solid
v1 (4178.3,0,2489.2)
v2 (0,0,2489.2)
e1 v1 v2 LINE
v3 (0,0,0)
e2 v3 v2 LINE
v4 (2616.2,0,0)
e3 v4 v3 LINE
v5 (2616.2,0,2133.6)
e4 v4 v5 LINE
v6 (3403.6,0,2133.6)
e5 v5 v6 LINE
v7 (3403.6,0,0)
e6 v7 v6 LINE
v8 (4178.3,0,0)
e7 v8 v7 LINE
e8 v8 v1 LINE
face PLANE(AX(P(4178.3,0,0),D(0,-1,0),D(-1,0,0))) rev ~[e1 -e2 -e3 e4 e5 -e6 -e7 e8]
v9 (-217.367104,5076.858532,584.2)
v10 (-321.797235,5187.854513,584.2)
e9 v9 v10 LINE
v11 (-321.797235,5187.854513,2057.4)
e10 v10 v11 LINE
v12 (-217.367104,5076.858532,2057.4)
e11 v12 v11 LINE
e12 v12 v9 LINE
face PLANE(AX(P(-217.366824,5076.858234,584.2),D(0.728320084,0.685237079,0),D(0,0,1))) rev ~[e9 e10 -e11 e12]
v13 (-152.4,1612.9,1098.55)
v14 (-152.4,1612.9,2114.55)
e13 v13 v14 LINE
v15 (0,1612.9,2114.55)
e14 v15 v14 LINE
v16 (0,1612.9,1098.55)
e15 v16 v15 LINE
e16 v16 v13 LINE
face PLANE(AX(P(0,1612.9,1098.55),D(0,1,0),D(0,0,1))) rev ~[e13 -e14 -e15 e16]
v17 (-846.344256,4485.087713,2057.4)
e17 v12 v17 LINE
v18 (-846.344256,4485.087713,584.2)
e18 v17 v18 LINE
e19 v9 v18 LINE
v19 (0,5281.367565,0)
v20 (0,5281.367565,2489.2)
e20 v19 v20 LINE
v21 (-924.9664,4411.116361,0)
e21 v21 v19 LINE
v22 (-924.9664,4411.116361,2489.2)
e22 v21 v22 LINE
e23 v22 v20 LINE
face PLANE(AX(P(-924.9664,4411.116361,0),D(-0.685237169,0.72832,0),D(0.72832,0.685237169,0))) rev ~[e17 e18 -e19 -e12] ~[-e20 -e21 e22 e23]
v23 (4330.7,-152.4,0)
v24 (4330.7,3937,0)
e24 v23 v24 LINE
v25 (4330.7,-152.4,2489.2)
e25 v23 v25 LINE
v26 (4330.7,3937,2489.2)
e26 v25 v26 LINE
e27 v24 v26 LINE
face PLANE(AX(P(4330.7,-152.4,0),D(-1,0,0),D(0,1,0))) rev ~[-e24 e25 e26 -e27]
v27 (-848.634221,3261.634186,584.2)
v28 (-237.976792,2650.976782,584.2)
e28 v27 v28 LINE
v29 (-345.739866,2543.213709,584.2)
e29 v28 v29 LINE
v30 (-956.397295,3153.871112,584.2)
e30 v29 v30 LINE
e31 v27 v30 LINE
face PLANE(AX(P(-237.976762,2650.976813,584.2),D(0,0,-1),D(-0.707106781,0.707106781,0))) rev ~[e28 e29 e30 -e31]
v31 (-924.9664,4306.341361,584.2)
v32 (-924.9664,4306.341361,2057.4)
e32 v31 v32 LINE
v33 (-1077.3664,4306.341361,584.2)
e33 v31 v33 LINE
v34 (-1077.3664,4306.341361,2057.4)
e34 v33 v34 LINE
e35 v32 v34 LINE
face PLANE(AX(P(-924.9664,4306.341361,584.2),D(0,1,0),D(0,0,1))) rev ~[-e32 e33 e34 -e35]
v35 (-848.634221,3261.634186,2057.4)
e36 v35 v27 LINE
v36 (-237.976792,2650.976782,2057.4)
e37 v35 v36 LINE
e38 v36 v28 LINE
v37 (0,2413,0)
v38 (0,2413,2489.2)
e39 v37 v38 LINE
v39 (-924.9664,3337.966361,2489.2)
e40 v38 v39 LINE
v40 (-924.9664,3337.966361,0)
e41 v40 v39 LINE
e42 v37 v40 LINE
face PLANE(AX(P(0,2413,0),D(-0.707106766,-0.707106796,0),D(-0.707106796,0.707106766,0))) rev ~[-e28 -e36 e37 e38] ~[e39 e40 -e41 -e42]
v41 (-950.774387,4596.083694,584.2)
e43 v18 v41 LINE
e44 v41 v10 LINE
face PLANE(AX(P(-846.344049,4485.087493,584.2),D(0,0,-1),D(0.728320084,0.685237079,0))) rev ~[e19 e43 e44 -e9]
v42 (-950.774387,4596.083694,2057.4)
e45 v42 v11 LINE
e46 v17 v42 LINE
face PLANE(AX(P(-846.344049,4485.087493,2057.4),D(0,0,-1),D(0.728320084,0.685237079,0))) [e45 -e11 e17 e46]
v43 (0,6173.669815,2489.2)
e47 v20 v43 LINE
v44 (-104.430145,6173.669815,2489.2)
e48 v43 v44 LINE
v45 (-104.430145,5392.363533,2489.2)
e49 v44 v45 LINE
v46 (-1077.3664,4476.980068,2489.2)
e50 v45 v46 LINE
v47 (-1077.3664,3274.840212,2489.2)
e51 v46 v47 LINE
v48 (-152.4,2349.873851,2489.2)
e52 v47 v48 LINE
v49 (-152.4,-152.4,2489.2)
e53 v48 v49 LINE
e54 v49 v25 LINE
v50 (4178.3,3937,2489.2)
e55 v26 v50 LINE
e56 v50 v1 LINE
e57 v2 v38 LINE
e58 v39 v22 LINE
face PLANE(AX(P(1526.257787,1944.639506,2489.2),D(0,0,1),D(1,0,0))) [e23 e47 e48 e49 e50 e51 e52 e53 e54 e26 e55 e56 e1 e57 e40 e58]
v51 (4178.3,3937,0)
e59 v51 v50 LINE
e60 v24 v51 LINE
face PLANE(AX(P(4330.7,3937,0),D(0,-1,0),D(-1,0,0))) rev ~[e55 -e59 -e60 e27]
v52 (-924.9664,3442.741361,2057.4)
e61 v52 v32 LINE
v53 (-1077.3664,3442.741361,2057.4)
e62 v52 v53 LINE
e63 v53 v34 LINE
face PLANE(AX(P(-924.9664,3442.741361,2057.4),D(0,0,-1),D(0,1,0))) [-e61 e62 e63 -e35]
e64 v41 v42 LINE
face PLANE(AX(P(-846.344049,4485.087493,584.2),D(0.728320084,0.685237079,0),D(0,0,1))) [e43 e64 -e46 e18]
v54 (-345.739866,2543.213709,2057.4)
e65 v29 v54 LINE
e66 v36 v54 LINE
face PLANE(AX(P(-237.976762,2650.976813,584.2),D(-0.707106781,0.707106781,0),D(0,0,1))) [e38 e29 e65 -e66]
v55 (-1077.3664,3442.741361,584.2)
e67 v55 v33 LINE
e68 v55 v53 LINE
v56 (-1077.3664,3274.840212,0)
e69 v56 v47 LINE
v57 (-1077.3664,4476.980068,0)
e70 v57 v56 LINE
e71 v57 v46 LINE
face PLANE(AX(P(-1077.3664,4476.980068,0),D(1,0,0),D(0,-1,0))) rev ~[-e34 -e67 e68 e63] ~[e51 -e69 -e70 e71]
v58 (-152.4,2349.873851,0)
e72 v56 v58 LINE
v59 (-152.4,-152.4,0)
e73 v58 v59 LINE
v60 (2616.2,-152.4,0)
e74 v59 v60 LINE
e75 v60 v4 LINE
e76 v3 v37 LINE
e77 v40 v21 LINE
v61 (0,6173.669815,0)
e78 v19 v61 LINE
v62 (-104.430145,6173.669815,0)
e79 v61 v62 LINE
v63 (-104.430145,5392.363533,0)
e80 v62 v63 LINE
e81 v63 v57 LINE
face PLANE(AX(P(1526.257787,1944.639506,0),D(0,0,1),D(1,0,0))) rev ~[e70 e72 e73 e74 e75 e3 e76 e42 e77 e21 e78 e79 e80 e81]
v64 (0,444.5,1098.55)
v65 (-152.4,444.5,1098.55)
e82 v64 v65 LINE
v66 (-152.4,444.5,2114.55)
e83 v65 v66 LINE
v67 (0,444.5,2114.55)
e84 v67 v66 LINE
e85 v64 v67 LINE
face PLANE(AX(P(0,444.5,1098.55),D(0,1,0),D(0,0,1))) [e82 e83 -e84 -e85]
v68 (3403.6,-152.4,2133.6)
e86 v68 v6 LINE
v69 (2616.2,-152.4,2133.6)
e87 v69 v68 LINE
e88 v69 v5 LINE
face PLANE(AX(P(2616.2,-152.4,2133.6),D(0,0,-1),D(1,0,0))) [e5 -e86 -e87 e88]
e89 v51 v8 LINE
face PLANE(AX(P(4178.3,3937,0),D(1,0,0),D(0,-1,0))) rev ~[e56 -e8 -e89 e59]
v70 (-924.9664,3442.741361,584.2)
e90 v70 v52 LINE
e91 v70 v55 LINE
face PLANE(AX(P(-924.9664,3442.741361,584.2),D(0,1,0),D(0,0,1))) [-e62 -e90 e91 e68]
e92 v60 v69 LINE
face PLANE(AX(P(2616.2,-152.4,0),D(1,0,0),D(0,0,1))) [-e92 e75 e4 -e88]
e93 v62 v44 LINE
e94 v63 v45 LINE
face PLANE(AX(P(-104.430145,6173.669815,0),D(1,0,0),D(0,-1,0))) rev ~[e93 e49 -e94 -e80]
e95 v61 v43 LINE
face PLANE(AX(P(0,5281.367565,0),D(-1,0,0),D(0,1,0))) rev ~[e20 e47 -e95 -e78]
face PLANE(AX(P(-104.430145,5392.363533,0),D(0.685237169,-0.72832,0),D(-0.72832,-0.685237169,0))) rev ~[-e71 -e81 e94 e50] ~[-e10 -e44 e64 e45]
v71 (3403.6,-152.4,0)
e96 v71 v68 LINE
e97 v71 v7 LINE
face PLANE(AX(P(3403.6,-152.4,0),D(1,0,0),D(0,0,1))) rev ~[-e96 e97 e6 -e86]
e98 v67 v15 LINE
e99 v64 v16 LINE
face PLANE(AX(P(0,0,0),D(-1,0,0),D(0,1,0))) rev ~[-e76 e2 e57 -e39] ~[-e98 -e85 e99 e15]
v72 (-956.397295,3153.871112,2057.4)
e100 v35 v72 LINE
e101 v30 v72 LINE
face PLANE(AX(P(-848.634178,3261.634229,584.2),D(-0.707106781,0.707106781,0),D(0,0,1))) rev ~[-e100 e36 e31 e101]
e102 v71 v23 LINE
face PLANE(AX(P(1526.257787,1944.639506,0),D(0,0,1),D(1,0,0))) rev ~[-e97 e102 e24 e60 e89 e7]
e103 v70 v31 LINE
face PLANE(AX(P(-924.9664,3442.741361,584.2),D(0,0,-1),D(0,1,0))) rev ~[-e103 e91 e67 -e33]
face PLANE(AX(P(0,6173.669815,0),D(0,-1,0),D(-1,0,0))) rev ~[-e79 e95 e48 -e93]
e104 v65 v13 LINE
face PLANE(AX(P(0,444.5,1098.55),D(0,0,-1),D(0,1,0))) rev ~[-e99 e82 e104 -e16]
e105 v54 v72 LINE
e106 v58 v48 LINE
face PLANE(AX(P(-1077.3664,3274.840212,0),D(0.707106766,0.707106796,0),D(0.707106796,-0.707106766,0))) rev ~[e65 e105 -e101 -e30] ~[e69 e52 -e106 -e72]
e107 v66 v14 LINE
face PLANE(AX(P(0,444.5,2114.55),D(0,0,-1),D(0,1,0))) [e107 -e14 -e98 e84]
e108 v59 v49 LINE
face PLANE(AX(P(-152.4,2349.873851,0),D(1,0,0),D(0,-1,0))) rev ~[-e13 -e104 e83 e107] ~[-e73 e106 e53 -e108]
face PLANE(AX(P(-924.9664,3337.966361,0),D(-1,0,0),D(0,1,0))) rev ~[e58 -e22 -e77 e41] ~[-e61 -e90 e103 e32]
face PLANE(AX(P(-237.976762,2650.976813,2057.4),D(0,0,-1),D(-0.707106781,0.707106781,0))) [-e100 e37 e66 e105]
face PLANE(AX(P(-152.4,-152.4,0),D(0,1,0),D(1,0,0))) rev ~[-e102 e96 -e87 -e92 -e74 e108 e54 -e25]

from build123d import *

# Parameters (mm, degrees)
F1_DEPTH  = 2489.2
F2_W      = 787.4
F2_H      = 2133.6
F3_DEPTH  = 177.8
F4_W      = 1168.4
F4_H      = 1016
F5_DEPTH  = 177.8
F6_W      = 863.6
F6_H      = 1473.2
F7_DEPTH  = 177.8
F8_W      = 863.6
F8_H      = 1473.2
F9_DEPTH  = 177.8
F10_W     = 863.6
F10_H     = 1473.2
F11_DEPTH = 177.8


with BuildPart() as f1:
    # F0 (on Top) → F1 (new body)
    with BuildSketch(Plane.XY):
        Polygon((4178.3, 0), (0, 0), (0, 2413), (-924.9664, 3337.966361), (-924.9664, 4411.116361), (0, 5281.367565), (0, 6173.669815), (-104.430145, 6173.669815), (-104.430145, 5392.363533), (-1077.3664, 4476.980068), (-1077.3664, 3274.840212), (-152.4, 2349.873851), (-152.4, -152.4), (4330.7, -152.4), (4330.7, 3937), (4178.3, 3937), align=None)
    extrude(amount=F1_DEPTH)

    # F2 (on face) → F3 (cut)
    with BuildSketch(Plane.XZ.offset(152.4)):
        with Locations((3009.9, 1066.8)):
            Rectangle(F2_W, F2_H)
    extrude(amount=-F3_DEPTH, mode=Mode.SUBTRACT)

    # F4 (on face) → F5 (cut)
    with BuildSketch(Plane.YZ):
        with Locations((1028.7, 1606.55)):
            Rectangle(F4_W, F4_H)
    extrude(amount=-F5_DEPTH, mode=Mode.SUBTRACT)

    # F6 (on face) → F7 (cut)
    with BuildSketch(Plane.YZ.offset(-924.9664)):
        with Locations((3874.541361, 1320.8)):
            Rectangle(F6_W, F6_H)
    extrude(amount=-F7_DEPTH, mode=Mode.SUBTRACT)

    # F8 (on face) → F9 (cut)
    with BuildSketch(Plane(origin=(-2635.782329, 2801.501543, 0), x_dir=(0.72832, 0.685237, 0), z_dir=(0.685237, -0.72832, 0))):
        with Locations((2888.739358, 1320.8)):
            Rectangle(F8_W, F8_H)
    extrude(amount=-F9_DEPTH, mode=Mode.SUBTRACT)

    # F10 (on face) → F11 (cut)
    with BuildSketch(Plane(origin=(1206.5, 1206.500051, 0), x_dir=(-0.707107, 0.707107, 0), z_dir=(0.707107, 0.707107, 0))):
        with Locations((2474.598627, 1320.8)):
            Rectangle(F10_W, F10_H)
    extrude(amount=-F11_DEPTH, mode=Mode.SUBTRACT)


solid = f1.part
